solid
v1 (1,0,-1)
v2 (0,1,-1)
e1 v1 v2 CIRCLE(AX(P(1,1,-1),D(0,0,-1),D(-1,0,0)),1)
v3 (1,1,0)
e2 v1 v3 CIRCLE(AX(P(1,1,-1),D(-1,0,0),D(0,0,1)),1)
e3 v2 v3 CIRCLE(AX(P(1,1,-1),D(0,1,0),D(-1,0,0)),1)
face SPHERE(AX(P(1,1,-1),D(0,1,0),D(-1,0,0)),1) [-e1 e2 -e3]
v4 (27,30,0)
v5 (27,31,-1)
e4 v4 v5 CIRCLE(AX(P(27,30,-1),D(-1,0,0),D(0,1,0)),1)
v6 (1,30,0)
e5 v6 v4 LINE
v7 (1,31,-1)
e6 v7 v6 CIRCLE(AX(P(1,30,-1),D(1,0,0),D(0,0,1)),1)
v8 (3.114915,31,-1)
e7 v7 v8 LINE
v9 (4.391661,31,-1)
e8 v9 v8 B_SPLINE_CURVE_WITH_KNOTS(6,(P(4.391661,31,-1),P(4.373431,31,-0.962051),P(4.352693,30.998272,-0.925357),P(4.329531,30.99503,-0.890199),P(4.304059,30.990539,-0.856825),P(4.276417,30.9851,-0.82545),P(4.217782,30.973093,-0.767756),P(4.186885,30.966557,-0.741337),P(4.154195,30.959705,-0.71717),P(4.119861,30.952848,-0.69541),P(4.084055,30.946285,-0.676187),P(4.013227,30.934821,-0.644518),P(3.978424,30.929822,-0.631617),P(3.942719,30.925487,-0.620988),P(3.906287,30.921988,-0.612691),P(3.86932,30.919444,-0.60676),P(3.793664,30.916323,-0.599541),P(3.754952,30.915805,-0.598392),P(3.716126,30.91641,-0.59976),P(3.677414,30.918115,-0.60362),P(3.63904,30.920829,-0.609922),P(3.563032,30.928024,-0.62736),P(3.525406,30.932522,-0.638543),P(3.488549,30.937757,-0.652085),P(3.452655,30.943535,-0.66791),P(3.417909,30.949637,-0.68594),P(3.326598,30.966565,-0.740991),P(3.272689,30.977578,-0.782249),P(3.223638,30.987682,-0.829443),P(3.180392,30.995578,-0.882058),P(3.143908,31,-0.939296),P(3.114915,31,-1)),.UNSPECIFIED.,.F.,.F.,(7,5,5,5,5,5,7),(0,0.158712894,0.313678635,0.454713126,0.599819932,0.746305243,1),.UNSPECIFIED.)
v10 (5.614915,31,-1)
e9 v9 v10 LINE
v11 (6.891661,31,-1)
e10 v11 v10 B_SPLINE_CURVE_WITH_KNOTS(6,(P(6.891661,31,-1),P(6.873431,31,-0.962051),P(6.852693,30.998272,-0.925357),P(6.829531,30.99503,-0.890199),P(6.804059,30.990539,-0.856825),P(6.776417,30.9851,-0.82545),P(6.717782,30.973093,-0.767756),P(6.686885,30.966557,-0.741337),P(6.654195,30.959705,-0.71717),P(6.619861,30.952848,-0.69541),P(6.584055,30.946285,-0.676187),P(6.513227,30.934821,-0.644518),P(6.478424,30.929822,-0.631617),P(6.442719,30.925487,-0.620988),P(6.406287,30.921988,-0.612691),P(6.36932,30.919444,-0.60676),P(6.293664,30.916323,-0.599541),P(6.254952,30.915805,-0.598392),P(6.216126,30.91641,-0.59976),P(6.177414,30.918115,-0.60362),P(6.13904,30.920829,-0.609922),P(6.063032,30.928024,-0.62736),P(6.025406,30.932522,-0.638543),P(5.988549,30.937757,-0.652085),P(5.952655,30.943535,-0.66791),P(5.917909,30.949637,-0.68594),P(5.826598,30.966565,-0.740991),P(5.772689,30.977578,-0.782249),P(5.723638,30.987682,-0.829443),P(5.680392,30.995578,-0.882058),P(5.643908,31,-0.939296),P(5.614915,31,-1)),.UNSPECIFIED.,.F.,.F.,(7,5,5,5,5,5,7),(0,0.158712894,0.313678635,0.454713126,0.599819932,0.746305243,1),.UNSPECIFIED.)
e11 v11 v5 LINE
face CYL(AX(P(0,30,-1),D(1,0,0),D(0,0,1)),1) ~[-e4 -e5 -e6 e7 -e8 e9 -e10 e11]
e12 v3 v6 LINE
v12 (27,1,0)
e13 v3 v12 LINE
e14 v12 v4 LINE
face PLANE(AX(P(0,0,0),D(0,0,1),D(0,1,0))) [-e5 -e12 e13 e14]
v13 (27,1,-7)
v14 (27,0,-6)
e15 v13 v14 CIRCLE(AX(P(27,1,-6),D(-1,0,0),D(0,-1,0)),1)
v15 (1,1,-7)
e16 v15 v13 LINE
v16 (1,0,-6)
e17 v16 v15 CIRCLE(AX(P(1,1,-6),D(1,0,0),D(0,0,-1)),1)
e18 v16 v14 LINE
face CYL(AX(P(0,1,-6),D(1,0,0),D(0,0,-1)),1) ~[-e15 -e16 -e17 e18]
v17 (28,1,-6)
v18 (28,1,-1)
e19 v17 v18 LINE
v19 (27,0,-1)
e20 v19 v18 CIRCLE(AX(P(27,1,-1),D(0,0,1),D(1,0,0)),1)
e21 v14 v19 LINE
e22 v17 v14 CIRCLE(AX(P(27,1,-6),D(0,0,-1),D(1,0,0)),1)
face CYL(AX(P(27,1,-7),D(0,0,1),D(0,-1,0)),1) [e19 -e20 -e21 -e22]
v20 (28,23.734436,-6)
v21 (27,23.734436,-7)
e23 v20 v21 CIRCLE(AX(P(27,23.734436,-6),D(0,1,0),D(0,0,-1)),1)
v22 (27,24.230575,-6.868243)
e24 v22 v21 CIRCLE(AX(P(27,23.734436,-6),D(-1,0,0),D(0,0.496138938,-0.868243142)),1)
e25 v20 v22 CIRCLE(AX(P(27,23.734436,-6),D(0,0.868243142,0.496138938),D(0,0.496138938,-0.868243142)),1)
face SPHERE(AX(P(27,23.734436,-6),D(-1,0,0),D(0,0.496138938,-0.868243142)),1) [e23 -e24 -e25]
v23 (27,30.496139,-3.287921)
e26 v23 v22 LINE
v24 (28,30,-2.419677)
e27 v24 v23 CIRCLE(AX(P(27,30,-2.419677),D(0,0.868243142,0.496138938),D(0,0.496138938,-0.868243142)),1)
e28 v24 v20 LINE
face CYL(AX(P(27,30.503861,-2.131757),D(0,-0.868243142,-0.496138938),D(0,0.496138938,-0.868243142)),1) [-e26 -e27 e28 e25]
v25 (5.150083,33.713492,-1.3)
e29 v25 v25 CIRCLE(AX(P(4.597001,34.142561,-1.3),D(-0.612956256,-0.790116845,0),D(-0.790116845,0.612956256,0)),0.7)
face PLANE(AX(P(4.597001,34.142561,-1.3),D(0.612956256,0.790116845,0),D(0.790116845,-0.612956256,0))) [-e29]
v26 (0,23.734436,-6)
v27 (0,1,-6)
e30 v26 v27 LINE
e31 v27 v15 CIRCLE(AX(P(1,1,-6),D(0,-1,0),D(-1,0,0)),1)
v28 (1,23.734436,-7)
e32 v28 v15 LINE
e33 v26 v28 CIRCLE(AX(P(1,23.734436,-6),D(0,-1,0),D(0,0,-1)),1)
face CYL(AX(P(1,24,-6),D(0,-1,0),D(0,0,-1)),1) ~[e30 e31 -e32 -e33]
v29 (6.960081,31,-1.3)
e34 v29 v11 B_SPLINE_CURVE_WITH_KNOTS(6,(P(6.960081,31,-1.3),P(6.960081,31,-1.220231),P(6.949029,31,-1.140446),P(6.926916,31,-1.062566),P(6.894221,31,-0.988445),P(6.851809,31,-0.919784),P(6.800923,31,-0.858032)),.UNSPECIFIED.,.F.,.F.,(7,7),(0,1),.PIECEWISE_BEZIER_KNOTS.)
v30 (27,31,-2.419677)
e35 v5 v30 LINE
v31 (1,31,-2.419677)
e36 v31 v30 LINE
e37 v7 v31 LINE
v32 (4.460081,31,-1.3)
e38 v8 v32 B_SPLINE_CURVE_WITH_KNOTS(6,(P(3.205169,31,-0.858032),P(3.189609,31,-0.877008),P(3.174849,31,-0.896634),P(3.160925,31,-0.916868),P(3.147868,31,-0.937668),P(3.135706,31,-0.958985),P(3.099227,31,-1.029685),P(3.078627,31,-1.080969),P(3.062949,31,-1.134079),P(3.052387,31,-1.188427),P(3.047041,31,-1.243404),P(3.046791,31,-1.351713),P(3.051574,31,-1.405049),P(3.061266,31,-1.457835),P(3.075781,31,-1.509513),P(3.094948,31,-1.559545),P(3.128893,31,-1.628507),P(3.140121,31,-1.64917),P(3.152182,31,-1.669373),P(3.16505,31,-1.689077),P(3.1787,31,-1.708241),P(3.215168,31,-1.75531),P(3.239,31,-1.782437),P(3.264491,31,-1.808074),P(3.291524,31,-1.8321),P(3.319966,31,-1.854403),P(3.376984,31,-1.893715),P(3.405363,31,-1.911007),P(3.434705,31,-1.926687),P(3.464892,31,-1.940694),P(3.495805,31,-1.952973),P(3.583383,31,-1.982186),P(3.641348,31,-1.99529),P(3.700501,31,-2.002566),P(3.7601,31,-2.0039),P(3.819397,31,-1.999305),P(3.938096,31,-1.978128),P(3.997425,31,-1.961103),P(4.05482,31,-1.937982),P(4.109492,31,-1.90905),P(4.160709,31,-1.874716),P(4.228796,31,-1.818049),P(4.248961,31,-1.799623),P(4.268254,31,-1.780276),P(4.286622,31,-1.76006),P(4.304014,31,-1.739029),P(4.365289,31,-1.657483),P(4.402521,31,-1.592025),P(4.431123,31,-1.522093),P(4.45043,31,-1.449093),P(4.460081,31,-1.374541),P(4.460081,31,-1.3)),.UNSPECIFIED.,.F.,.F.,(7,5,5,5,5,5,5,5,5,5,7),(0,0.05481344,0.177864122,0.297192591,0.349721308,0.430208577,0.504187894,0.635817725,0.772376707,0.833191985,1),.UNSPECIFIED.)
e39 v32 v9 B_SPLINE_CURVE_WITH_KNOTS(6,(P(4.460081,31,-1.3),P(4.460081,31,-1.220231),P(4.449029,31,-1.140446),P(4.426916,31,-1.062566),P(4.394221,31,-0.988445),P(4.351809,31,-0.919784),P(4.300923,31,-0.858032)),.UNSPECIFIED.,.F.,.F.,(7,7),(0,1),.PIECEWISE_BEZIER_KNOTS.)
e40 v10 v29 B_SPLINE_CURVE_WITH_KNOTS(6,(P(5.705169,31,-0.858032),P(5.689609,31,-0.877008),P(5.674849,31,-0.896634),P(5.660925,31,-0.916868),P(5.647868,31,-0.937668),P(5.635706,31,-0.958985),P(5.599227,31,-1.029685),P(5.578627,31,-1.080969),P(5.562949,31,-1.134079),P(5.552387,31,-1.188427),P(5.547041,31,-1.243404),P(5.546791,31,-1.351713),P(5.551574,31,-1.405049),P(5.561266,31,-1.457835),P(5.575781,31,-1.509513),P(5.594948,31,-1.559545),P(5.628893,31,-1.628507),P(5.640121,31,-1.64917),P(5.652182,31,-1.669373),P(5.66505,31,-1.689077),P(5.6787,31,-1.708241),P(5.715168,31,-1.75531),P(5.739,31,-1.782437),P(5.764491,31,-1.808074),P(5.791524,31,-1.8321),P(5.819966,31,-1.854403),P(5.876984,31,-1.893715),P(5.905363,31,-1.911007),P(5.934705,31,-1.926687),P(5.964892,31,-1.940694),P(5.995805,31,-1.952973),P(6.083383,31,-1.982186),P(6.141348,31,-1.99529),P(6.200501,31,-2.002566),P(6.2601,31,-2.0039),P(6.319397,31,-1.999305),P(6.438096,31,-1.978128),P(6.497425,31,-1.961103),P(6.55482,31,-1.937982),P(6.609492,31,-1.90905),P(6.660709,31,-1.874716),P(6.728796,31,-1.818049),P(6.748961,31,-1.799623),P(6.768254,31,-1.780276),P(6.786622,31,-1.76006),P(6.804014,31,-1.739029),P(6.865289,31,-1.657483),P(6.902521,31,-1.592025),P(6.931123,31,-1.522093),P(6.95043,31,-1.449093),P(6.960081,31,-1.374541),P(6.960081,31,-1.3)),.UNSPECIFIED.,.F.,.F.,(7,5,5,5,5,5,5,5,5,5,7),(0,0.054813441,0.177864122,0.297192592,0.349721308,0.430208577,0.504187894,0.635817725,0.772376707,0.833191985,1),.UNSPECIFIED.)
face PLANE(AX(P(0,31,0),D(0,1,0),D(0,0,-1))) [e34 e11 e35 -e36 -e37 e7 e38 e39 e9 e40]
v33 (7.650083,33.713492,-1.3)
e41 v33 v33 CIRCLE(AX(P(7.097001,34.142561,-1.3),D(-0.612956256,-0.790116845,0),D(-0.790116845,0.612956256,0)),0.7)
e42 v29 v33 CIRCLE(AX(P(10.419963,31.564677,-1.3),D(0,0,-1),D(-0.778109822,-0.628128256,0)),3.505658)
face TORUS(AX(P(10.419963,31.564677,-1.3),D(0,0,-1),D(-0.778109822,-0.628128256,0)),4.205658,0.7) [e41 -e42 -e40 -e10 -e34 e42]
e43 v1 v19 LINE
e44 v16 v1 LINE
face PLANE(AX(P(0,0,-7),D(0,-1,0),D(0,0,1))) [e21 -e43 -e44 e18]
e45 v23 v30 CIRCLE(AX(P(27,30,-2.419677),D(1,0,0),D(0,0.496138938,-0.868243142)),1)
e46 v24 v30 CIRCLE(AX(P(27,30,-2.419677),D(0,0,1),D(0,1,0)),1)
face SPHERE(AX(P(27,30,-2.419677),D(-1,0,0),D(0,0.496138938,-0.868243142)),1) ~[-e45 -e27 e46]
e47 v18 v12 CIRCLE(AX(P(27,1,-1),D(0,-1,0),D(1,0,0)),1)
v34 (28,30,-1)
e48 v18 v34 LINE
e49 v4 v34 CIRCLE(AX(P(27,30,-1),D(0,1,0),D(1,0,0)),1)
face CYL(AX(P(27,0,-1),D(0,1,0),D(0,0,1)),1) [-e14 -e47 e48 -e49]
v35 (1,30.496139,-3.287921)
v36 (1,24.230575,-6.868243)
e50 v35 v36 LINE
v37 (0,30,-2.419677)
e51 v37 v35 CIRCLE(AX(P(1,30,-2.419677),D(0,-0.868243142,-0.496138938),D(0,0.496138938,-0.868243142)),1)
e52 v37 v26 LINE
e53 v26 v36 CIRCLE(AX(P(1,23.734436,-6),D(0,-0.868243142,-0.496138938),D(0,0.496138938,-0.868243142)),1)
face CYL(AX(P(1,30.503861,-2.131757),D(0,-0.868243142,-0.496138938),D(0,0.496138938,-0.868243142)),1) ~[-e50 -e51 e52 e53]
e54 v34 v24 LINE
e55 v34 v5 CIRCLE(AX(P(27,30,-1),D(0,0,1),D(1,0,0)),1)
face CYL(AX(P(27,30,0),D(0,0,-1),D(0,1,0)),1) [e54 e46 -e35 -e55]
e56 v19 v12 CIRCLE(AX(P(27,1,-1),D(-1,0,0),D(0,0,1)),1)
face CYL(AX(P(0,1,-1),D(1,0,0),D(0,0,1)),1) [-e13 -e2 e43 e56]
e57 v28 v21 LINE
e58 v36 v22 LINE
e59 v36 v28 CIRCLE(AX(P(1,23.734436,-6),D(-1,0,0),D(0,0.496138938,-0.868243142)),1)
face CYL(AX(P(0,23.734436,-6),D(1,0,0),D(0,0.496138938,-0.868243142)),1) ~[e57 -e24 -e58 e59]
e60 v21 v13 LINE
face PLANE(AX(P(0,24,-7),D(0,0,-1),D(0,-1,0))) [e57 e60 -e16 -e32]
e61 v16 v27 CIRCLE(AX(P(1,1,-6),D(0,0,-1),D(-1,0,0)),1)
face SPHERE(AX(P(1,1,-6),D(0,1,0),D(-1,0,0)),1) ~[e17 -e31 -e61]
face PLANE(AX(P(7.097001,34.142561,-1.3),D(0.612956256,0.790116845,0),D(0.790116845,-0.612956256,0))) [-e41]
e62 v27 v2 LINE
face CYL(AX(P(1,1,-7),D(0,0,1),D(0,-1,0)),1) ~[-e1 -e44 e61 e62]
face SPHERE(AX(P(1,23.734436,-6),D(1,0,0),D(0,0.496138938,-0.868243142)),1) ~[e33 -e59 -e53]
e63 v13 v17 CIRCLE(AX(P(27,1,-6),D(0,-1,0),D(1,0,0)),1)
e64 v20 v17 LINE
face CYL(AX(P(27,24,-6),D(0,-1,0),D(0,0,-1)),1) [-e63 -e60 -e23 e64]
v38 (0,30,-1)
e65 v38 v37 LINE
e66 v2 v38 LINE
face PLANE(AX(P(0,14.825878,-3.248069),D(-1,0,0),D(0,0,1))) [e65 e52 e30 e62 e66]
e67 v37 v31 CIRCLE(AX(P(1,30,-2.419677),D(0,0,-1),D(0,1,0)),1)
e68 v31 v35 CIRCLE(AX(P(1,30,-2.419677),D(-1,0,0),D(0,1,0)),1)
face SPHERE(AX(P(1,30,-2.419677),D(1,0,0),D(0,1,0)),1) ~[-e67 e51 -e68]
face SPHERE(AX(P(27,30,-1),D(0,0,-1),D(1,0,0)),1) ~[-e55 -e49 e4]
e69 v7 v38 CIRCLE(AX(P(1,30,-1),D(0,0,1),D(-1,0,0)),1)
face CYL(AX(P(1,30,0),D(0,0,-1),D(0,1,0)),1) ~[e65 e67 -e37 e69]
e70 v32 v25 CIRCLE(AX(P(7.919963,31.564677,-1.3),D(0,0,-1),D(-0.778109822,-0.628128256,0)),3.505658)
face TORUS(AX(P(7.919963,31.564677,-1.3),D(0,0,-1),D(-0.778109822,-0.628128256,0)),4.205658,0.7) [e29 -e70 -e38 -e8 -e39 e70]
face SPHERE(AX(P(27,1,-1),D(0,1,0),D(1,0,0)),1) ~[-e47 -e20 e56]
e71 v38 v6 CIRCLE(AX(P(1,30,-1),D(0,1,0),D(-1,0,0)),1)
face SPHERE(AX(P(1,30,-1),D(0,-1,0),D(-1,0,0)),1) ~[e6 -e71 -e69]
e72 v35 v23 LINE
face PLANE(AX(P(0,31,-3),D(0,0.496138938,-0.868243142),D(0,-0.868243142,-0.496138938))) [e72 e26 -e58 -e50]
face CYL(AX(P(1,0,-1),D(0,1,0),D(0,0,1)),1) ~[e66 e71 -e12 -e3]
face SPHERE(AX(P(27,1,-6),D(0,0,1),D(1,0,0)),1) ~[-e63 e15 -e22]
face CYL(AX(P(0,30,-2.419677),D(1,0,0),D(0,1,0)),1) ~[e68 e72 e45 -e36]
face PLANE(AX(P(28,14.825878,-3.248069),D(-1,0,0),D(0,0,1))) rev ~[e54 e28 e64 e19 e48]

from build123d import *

# Parameters (mm, degrees)
EXTRUDE_1_DEPTH        = 28
FILLET_1_R             = 1
SWEEP_1_PROFILE_R      = 0.7
PATTERN_LINEAR_1_COUNT = 2
PATTERN_LINEAR_1_PITCH = 2.5


with BuildPart() as part:
    # 草图1 → 凸台-拉伸1 (new body)
    with BuildSketch(Plane(origin=(0, 0, 0), x_dir=(0, 0, -1), z_dir=(1, 0, 0))):
        Polygon((0, 0), (0, 31), (3, 31), (7, 24), (7, 0), align=None)
    extrude(amount=EXTRUDE_1_DEPTH)

    # 圆角1
    fillet_1_edges = [part.edges().sort_by_distance(p)[0] for p in [
        (28, 27.5, -5),
        (28, 31, -1.5),
        (28, 15.5, 0),
        (28, 0, -3.5),
        (0, 15.5, 0),
        (0, 31, -1.5),
        (0, 27.5, -5),
        (0, 12, -7),
        (0, 0, -3.5),
        (28, 12, -7),
        (14, 0, 0),
        (14, 31, 0),
        (14, 31, -3),
        (14, 24, -7),
        (14, 0, -7),
    ]]
    fillet(fillet_1_edges, radius=FILLET_1_R)

    # 扫描1: sweep along a path in 草图2
    with BuildLine(Plane.XY.offset(-1.3)) as sweep_1_path:
        ThreePointArc((4.647498894, 28.922984251), (3.714501518, 31.52399057), (4.597001461, 34.142561139))
    # 扫描1 profile (on start of the path) → 扫描1 (sweep)
    with BuildSketch(Plane(origin=(4.647498894, 28.922984251, -1.3), x_dir=(0.778109821, 0.628128256, 0), z_dir=(-0.628128256, 0.778109821, 0))):
        Circle(SWEEP_1_PROFILE_R)
    sweep_1 = sweep(path=sweep_1_path.line)

    # 阵列(线性)1: 扫描1 ×2
    with Locations(*[(i * PATTERN_LINEAR_1_PITCH, 0, 0) for i in range(1, PATTERN_LINEAR_1_COUNT)]):
        add(sweep_1)


solid = part.part
